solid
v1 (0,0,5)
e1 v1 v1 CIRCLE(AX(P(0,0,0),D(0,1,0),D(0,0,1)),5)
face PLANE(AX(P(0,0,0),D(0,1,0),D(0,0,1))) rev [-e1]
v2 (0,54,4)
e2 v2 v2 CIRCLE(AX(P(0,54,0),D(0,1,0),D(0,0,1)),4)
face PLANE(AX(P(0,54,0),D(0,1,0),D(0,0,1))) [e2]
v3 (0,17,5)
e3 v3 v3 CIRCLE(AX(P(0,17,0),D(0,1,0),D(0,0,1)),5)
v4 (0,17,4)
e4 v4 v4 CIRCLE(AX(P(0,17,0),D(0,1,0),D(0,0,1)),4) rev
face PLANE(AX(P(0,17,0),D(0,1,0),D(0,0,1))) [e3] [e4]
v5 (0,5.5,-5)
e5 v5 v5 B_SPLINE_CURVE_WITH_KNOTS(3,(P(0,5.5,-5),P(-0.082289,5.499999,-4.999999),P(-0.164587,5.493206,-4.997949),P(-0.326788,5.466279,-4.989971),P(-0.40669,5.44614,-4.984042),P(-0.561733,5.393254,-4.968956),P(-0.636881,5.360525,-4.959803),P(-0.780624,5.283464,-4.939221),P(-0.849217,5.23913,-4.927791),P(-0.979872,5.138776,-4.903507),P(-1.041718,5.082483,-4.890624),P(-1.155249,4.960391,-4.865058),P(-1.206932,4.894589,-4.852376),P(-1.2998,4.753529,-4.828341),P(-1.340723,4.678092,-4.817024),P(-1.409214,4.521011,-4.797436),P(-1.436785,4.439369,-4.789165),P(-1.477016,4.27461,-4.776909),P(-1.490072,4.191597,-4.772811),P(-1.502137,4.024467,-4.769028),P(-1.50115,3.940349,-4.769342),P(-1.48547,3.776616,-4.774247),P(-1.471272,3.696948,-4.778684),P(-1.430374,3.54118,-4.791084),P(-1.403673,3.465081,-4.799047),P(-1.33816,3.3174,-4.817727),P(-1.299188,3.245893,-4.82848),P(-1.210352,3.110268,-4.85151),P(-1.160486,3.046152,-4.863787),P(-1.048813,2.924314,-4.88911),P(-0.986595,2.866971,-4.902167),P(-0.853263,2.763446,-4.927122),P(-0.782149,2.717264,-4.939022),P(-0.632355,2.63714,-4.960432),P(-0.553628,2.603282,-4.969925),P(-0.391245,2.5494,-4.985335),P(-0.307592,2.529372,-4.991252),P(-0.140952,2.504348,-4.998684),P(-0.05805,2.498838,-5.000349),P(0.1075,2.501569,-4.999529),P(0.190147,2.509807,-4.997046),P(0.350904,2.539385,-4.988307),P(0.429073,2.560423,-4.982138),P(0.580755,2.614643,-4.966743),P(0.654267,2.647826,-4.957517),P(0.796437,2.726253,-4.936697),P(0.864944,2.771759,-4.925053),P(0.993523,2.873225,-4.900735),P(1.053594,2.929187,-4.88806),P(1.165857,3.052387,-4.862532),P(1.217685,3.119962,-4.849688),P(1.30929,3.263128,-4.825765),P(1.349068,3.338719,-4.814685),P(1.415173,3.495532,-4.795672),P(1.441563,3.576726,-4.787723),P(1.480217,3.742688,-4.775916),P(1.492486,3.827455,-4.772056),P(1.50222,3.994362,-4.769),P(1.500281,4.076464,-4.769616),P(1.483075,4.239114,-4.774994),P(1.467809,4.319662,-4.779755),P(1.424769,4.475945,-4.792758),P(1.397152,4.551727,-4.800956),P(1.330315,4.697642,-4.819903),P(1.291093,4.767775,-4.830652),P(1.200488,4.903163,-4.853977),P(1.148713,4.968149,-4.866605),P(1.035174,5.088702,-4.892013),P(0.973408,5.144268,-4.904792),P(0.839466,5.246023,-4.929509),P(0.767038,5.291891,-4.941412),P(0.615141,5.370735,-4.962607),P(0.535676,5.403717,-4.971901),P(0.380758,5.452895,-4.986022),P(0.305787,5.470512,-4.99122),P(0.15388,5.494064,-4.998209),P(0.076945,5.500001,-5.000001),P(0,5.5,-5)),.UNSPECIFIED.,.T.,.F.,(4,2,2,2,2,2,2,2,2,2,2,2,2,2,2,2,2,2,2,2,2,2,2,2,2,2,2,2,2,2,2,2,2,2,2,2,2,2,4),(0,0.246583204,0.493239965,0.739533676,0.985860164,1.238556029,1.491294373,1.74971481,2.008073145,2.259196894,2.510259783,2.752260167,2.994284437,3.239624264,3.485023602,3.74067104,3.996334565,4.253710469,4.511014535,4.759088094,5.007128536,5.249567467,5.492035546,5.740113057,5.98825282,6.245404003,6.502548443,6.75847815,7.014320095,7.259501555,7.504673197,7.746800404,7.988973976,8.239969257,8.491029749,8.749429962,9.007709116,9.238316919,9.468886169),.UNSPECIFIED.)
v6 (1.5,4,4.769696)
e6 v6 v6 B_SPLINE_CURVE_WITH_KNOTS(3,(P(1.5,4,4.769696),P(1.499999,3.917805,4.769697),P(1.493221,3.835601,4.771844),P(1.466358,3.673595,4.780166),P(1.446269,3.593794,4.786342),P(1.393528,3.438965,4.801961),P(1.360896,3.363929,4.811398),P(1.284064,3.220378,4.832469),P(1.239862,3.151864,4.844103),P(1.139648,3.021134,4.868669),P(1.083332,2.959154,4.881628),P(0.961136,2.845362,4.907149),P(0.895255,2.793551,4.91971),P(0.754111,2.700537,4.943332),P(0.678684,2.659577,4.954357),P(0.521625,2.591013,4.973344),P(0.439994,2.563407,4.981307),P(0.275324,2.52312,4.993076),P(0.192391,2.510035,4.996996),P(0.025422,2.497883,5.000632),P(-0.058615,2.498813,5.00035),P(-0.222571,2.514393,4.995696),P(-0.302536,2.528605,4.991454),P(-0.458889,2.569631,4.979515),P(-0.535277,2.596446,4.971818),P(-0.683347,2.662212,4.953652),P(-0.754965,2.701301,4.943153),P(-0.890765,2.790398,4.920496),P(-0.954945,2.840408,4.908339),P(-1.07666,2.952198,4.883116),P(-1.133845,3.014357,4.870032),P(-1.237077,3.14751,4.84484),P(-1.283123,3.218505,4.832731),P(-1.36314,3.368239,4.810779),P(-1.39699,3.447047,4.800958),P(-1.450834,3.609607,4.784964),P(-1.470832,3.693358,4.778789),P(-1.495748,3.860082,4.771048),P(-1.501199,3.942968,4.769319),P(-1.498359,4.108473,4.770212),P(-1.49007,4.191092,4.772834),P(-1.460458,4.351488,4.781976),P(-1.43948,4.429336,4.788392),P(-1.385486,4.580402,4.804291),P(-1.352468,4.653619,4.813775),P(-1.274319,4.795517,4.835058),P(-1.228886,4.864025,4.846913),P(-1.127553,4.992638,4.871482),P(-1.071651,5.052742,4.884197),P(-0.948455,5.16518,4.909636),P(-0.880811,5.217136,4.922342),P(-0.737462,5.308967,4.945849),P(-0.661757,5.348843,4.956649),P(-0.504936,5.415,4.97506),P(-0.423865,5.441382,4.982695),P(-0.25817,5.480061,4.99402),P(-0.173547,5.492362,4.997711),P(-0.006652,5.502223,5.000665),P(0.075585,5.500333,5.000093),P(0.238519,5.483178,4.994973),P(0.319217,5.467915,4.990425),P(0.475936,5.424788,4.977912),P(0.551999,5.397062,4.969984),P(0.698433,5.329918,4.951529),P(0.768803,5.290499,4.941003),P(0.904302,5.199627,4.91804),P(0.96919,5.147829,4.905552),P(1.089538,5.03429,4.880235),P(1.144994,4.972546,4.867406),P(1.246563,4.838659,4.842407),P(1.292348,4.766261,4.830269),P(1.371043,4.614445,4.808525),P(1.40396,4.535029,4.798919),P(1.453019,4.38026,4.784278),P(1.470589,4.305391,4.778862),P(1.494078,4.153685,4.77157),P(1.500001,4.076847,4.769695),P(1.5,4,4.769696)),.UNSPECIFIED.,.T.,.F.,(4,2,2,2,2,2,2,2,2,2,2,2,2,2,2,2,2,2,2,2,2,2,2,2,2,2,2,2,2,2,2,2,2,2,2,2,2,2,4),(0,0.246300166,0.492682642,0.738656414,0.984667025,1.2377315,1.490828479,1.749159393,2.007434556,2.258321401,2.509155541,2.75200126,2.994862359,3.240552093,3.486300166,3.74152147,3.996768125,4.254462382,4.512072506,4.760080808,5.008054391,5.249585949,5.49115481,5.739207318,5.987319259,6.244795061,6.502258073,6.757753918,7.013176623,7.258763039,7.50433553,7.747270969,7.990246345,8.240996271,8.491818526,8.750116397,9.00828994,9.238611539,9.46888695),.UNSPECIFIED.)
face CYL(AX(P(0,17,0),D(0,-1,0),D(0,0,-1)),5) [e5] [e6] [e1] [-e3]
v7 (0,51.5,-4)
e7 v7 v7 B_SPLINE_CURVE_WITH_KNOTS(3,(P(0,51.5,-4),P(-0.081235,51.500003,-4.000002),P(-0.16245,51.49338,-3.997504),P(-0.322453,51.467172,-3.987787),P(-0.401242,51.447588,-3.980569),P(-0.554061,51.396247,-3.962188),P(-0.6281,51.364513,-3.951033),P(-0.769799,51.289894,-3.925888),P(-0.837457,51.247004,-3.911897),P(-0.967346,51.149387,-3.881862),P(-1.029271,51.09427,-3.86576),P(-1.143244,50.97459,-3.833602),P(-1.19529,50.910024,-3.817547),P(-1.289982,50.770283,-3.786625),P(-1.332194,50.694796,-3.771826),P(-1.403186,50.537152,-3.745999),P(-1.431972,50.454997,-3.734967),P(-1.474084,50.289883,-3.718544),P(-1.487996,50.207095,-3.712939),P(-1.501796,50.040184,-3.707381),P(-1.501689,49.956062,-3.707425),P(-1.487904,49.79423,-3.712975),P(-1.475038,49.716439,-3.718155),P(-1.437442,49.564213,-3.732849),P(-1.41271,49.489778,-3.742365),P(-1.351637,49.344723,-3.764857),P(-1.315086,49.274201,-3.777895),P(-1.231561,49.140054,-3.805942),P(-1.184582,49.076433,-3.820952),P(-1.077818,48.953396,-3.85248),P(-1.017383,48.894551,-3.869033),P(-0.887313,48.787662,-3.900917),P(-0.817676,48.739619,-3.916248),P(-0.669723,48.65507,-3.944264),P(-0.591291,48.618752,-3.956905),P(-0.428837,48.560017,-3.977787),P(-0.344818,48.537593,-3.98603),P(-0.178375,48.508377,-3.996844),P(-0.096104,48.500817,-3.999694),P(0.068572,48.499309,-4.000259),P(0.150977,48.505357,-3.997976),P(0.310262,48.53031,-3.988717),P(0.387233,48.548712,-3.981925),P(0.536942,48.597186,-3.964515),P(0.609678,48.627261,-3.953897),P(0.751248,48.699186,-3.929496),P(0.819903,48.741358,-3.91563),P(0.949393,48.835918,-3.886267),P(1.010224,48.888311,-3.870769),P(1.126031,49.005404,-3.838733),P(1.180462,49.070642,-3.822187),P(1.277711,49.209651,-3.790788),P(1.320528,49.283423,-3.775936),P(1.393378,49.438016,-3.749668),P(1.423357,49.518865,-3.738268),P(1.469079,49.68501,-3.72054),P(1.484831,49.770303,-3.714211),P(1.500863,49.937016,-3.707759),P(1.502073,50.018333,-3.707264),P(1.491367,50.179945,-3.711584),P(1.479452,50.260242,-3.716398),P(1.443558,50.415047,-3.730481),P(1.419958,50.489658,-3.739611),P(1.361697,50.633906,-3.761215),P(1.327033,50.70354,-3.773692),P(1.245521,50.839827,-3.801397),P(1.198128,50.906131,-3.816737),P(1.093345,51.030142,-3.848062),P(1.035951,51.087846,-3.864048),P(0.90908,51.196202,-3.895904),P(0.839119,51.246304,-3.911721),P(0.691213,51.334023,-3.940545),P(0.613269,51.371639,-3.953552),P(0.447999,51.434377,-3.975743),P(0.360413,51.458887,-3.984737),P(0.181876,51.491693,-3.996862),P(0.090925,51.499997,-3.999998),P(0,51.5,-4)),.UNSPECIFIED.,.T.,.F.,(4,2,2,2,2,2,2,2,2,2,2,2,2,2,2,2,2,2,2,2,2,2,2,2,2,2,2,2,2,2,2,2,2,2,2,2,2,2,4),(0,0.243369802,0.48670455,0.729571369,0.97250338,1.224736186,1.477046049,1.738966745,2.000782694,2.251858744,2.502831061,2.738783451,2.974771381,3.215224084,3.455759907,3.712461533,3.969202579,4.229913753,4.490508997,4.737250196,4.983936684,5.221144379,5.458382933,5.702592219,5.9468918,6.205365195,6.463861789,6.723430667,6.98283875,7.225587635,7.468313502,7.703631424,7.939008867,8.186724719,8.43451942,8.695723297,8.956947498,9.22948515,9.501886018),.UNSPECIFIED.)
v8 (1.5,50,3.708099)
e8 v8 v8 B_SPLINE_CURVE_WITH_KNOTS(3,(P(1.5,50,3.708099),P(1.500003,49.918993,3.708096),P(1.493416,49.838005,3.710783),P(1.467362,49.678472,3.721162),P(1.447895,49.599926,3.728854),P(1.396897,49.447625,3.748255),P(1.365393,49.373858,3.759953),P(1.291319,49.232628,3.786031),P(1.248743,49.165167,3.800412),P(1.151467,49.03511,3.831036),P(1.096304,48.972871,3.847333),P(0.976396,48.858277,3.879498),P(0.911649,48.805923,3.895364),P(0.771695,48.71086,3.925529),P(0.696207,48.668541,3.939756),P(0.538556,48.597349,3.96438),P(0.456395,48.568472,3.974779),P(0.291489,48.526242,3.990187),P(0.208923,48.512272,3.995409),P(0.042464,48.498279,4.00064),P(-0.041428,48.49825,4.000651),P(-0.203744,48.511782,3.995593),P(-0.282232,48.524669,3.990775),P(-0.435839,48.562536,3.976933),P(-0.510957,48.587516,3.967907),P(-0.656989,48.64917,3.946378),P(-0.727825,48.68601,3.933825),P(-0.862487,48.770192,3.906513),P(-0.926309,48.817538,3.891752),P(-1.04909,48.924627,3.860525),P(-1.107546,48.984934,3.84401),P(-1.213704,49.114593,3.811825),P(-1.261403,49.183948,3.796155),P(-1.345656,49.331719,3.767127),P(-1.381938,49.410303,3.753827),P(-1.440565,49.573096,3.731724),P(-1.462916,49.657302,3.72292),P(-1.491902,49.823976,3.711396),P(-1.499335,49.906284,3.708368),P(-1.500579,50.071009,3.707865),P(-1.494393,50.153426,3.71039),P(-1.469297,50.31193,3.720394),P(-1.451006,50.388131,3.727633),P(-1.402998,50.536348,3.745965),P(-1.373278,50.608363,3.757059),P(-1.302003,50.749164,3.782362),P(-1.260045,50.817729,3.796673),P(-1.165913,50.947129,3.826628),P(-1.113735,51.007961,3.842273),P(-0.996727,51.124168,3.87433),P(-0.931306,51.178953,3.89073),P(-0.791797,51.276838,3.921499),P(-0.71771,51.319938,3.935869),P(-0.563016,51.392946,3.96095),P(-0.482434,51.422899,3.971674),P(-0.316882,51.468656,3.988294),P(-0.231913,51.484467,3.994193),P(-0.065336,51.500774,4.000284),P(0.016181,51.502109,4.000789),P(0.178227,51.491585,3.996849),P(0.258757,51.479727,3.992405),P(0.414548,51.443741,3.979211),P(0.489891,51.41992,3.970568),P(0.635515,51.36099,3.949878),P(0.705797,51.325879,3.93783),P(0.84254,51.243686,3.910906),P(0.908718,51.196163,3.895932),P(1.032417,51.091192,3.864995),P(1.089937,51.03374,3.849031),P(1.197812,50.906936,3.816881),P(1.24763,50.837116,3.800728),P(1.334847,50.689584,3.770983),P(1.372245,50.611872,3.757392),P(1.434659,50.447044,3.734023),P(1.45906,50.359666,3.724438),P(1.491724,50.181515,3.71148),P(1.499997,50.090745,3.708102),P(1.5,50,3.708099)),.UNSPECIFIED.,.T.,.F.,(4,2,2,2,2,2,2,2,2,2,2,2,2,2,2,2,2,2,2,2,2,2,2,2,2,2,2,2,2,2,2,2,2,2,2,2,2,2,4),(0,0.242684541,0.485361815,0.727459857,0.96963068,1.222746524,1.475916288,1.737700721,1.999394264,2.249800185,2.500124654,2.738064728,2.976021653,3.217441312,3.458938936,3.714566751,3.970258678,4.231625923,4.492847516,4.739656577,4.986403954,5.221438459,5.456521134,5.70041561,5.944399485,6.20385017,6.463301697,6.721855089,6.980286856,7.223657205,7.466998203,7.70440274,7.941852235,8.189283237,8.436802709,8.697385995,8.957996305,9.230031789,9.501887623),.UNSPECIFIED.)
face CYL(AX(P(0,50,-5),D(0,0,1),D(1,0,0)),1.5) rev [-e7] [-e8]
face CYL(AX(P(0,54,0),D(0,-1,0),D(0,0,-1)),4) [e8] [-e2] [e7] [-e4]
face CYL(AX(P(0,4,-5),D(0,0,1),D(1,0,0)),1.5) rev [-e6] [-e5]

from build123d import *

# Parameters (mm, degrees)
SKETCH1_R               = 4
SKETCH1_R_2             = 5
BOSS_EXTRUDE1_DEPTH     = 17
SKETCH1_3_R             = 4
BOSS_EXTRUDE2_DEPTH     = 54
SKETCH2_R               = 1.5
CUT_EXTRUDE1_DEPTH      = 6
CUT_EXTRUDE1_DEPTH_BACK = 6


with BuildPart() as part:
    # Sketch1 → Boss-Extrude1 (new body)
    with BuildSketch(Plane(origin=(0, 0, 0), x_dir=(1, 0, 0), z_dir=(0, 1, 0))):
        Circle(SKETCH1_R)
        Circle(SKETCH1_R_2)
        Circle(SKETCH1_R, mode=Mode.SUBTRACT)
    extrude(amount=BOSS_EXTRUDE1_DEPTH)

    # Sketch1<3> → Boss-Extrude2 (add)
    with BuildSketch(Plane(origin=(0, 0, 0), x_dir=(1, 0, 0), z_dir=(0, 1, 0))):
        Circle(SKETCH1_3_R)
    extrude(amount=BOSS_EXTRUDE2_DEPTH)

    # Sketch2 → Cut-Extrude1 (cut, two sides)
    with BuildSketch(Plane.XY) as cut_extrude1_sk:
        with Locations((0, 50)):
            Circle(SKETCH2_R)
        with Locations((0, 4)):
            Circle(SKETCH2_R)
    extrude(amount=CUT_EXTRUDE1_DEPTH, mode=Mode.SUBTRACT)
    extrude(cut_extrude1_sk.sketch, amount=-CUT_EXTRUDE1_DEPTH_BACK, mode=Mode.SUBTRACT)


solid = part.part
